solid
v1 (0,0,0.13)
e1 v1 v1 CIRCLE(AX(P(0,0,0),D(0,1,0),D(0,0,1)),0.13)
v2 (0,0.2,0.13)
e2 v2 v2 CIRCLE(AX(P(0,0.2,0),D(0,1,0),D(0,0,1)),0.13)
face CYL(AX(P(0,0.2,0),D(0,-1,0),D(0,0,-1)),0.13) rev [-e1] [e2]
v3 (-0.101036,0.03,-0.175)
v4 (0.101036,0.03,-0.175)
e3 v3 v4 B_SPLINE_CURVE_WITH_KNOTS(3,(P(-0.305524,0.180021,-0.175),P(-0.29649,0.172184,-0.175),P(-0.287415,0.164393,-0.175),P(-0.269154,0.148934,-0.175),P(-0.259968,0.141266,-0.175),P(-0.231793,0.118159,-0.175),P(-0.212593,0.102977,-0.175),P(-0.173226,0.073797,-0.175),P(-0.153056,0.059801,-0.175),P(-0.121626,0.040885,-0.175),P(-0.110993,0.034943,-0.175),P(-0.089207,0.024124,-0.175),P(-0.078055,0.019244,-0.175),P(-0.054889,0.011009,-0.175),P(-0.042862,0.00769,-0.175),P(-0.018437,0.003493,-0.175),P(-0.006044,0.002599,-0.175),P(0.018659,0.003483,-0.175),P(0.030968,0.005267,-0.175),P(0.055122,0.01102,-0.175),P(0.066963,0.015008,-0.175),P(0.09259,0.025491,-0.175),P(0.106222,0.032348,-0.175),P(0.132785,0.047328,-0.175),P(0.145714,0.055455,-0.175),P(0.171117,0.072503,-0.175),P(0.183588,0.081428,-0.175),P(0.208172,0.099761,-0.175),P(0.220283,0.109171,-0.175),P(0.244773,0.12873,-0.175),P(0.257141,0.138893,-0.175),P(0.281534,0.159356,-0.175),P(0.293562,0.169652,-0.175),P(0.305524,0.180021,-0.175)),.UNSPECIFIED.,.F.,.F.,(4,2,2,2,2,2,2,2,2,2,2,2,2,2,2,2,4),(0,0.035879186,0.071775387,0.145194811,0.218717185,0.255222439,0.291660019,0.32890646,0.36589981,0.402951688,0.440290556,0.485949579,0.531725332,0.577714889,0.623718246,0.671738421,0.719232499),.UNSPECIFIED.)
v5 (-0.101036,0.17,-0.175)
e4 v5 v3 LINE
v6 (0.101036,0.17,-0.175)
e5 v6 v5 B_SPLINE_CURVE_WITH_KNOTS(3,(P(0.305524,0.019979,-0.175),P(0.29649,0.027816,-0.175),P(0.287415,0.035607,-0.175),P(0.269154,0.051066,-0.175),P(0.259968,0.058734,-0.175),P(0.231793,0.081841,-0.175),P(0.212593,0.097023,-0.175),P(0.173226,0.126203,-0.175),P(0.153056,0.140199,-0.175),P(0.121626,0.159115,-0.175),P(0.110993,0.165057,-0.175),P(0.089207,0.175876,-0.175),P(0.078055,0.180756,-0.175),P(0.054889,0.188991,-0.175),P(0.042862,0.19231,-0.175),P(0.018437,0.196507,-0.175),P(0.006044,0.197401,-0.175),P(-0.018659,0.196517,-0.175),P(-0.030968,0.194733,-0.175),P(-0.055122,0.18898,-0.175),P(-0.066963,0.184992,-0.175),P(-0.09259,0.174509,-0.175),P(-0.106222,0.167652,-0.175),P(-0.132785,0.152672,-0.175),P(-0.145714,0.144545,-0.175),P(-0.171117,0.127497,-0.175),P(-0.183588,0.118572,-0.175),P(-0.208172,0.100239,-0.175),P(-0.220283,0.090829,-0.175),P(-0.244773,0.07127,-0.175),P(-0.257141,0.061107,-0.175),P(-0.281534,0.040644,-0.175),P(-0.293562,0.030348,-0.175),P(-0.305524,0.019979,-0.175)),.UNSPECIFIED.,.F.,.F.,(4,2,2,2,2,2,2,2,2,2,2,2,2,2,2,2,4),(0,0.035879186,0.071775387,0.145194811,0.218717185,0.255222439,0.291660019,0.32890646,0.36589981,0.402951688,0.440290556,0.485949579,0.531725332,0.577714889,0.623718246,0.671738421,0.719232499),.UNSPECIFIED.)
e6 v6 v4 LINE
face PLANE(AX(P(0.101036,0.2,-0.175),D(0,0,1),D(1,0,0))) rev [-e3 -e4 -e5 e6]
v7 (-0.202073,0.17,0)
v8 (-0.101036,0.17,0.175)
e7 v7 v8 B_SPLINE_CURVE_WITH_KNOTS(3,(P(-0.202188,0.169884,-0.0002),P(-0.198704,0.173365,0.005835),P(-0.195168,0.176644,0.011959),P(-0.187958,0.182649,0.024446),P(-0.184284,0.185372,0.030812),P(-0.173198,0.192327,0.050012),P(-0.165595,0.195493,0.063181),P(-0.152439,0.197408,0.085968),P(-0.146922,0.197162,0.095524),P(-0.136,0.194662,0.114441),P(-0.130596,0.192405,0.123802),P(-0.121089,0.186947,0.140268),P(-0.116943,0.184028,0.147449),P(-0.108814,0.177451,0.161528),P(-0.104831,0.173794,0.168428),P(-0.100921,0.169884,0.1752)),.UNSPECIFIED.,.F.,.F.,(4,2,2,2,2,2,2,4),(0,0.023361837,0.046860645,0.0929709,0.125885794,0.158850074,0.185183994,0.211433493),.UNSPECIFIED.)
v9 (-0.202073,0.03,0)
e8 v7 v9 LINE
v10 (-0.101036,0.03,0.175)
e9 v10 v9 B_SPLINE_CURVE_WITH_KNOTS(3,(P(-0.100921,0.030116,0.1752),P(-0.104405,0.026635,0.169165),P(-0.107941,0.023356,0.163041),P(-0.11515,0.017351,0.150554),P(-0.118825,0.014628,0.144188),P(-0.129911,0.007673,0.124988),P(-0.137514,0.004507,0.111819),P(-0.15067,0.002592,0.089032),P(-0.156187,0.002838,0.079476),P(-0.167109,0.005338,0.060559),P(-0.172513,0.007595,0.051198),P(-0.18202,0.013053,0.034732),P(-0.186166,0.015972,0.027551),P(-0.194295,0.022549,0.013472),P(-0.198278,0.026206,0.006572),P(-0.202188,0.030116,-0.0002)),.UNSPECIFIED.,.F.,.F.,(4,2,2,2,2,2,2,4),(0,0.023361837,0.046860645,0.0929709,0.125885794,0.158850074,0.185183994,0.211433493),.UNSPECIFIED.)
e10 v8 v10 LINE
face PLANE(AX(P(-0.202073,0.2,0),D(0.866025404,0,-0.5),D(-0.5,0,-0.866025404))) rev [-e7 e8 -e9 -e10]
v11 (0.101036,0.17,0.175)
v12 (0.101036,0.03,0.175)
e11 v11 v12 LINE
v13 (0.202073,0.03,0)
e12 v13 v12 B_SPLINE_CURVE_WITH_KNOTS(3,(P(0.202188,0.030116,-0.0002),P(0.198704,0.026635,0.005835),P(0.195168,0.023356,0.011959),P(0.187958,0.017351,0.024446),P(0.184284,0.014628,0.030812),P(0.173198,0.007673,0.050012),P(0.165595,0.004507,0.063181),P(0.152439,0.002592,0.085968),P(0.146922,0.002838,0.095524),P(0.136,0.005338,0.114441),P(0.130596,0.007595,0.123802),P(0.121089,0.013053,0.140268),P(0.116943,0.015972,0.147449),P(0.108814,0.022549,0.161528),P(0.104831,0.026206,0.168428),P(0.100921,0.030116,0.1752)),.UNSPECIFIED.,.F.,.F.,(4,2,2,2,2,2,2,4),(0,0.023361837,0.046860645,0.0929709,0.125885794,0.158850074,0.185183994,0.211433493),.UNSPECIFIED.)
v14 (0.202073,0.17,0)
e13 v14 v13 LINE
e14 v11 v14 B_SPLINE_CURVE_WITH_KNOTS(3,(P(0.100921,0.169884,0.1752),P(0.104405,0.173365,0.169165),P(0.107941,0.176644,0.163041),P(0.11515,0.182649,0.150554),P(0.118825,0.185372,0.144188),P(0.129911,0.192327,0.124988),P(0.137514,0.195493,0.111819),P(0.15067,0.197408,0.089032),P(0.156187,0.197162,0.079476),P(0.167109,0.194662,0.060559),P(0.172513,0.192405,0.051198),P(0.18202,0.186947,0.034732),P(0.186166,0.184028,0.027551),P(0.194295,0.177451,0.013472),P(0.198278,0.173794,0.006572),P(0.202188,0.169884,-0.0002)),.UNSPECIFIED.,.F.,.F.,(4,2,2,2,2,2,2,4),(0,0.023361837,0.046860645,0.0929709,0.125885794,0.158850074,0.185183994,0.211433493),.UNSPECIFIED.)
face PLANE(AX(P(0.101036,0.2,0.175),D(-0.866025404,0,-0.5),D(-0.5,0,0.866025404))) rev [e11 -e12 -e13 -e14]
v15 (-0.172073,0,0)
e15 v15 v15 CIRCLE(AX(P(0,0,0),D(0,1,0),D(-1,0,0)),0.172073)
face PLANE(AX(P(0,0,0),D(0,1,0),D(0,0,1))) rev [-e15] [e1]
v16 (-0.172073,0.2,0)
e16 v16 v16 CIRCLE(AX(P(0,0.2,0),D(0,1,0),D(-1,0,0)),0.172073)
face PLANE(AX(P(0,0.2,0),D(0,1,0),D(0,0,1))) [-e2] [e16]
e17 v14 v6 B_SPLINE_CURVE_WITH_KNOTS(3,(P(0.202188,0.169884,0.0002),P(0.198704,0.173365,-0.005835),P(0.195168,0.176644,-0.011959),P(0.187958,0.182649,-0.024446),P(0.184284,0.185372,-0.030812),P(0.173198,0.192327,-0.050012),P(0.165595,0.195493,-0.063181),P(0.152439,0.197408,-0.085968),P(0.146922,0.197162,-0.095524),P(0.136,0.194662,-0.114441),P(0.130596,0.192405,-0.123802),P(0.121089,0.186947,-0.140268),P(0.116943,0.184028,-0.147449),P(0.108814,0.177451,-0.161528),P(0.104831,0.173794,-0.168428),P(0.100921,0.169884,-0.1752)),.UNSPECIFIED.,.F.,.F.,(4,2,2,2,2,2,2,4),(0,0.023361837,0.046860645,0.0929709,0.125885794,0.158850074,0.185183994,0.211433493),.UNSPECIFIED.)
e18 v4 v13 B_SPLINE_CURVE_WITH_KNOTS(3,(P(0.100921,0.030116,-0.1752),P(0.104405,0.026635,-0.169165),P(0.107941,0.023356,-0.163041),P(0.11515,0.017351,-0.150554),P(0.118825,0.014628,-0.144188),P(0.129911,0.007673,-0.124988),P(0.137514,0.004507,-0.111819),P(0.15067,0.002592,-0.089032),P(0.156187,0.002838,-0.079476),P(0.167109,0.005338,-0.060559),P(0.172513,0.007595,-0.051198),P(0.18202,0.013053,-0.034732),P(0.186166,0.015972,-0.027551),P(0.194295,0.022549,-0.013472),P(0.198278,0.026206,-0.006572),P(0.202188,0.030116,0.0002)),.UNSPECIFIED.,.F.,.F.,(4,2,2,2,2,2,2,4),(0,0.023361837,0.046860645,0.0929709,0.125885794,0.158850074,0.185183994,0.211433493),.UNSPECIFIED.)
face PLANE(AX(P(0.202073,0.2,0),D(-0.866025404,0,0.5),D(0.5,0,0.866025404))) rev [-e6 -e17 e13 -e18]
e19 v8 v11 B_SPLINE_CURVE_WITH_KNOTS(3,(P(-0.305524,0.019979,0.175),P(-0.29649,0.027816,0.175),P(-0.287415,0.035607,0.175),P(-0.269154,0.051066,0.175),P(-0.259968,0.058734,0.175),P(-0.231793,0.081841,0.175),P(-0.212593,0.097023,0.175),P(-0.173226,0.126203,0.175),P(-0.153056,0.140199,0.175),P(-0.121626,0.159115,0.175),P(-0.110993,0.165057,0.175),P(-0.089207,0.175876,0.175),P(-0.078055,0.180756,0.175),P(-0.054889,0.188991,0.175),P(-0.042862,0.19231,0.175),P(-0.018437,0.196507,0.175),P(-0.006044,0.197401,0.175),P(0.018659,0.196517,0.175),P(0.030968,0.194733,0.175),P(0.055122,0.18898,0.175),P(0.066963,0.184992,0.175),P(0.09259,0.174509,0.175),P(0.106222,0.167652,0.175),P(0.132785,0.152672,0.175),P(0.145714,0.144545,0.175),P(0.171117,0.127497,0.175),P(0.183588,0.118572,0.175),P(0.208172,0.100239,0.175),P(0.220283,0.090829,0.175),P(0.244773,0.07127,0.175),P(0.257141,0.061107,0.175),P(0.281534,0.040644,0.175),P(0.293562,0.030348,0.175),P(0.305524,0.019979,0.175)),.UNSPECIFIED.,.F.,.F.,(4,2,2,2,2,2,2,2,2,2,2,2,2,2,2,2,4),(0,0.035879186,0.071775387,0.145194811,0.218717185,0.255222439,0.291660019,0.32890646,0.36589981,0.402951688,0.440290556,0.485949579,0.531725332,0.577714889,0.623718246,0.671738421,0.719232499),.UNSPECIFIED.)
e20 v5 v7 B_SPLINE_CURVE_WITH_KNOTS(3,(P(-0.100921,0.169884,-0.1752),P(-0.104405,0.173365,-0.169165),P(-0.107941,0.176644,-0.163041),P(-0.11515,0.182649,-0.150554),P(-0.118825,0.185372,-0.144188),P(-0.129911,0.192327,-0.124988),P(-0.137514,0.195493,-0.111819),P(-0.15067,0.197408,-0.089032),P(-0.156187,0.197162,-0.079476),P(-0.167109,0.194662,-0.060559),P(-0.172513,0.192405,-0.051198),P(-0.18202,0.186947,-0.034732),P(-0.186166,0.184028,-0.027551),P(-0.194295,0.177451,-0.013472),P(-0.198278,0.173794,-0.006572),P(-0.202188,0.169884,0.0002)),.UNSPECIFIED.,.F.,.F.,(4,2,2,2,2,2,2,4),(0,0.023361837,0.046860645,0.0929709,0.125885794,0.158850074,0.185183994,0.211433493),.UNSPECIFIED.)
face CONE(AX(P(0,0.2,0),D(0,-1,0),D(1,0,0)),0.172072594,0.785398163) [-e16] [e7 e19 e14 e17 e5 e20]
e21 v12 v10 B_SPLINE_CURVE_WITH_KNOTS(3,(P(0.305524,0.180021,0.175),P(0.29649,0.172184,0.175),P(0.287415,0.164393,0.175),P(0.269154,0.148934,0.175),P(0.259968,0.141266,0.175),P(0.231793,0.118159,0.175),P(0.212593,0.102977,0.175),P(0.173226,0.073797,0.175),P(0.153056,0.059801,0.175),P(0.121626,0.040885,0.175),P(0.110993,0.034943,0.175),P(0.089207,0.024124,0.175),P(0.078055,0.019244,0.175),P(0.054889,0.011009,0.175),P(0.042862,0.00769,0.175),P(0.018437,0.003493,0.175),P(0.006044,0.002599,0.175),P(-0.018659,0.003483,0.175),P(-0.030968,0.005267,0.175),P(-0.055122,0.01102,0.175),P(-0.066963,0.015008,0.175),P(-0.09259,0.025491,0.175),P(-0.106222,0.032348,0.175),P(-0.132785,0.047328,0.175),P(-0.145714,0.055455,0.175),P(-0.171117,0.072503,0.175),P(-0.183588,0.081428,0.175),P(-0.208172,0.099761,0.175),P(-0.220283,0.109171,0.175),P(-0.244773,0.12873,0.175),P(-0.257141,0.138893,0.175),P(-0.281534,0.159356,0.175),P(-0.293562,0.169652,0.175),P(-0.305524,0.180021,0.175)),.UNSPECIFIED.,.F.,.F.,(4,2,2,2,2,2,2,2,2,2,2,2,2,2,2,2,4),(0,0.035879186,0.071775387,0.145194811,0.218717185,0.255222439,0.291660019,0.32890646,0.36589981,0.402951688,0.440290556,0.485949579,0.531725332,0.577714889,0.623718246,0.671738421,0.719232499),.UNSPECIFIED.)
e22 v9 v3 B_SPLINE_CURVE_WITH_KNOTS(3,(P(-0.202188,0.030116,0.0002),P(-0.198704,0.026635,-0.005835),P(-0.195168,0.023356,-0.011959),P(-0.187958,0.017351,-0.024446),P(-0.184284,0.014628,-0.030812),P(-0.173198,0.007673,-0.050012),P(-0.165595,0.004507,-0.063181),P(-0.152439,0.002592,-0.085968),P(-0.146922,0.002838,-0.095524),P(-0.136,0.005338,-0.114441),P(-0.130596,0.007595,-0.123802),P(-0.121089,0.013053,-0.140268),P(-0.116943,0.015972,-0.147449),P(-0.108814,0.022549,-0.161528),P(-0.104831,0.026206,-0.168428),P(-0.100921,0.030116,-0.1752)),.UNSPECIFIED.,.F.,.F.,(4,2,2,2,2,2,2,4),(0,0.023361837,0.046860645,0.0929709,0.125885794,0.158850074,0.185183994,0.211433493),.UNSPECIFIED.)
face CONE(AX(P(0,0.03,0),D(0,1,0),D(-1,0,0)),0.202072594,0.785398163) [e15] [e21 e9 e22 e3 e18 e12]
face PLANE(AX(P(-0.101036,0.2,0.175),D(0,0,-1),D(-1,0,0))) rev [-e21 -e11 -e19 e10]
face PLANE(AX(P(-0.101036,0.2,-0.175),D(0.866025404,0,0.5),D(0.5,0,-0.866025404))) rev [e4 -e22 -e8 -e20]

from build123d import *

# Parameters (mm, degrees)
SKETCH1_R           = 0.13
BOSS_EXTRUDE1_DEPTH = 0.2


with BuildPart() as part:
    # Sketch1 → Boss-Extrude1 (new body)
    with BuildSketch(Plane(origin=(0, 0, 0), x_dir=(1, 0, 0), z_dir=(0, 1, 0))):
        Polygon((0.101036297, 0.175), (-0.101036297, 0.175), (-0.202072594, 0), (-0.101036297, -0.175), (0.101036297, -0.175), (0.202072594, 0), align=None)
        with Locations(Location((0, 0, 0), (0, 0, 270))):
            Circle(SKETCH1_R, mode=Mode.SUBTRACT)
    extrude(amount=BOSS_EXTRUDE1_DEPTH)

    # Sketch3 → Cut-Revolve5 (revolve, cut)
    with BuildSketch(Plane.XY, mode=Mode.PRIVATE) as cut_revolve5_sk:
        Polygon((0.172072594, 0.2), (0.202072594, 0.2), (0.202072594, 0.17), align=None)
        Polygon((0.202072594, 0), (0.202072594, 0.03), (0.172072594, 0), align=None)
    revolve(cut_revolve5_sk.sketch.rotate(Axis((0, 0.2, 0), (0, -1, 0)), 180), axis=Axis((0, 0.2, 0), (0, -1, 0)), mode=Mode.SUBTRACT)


solid = part.part
